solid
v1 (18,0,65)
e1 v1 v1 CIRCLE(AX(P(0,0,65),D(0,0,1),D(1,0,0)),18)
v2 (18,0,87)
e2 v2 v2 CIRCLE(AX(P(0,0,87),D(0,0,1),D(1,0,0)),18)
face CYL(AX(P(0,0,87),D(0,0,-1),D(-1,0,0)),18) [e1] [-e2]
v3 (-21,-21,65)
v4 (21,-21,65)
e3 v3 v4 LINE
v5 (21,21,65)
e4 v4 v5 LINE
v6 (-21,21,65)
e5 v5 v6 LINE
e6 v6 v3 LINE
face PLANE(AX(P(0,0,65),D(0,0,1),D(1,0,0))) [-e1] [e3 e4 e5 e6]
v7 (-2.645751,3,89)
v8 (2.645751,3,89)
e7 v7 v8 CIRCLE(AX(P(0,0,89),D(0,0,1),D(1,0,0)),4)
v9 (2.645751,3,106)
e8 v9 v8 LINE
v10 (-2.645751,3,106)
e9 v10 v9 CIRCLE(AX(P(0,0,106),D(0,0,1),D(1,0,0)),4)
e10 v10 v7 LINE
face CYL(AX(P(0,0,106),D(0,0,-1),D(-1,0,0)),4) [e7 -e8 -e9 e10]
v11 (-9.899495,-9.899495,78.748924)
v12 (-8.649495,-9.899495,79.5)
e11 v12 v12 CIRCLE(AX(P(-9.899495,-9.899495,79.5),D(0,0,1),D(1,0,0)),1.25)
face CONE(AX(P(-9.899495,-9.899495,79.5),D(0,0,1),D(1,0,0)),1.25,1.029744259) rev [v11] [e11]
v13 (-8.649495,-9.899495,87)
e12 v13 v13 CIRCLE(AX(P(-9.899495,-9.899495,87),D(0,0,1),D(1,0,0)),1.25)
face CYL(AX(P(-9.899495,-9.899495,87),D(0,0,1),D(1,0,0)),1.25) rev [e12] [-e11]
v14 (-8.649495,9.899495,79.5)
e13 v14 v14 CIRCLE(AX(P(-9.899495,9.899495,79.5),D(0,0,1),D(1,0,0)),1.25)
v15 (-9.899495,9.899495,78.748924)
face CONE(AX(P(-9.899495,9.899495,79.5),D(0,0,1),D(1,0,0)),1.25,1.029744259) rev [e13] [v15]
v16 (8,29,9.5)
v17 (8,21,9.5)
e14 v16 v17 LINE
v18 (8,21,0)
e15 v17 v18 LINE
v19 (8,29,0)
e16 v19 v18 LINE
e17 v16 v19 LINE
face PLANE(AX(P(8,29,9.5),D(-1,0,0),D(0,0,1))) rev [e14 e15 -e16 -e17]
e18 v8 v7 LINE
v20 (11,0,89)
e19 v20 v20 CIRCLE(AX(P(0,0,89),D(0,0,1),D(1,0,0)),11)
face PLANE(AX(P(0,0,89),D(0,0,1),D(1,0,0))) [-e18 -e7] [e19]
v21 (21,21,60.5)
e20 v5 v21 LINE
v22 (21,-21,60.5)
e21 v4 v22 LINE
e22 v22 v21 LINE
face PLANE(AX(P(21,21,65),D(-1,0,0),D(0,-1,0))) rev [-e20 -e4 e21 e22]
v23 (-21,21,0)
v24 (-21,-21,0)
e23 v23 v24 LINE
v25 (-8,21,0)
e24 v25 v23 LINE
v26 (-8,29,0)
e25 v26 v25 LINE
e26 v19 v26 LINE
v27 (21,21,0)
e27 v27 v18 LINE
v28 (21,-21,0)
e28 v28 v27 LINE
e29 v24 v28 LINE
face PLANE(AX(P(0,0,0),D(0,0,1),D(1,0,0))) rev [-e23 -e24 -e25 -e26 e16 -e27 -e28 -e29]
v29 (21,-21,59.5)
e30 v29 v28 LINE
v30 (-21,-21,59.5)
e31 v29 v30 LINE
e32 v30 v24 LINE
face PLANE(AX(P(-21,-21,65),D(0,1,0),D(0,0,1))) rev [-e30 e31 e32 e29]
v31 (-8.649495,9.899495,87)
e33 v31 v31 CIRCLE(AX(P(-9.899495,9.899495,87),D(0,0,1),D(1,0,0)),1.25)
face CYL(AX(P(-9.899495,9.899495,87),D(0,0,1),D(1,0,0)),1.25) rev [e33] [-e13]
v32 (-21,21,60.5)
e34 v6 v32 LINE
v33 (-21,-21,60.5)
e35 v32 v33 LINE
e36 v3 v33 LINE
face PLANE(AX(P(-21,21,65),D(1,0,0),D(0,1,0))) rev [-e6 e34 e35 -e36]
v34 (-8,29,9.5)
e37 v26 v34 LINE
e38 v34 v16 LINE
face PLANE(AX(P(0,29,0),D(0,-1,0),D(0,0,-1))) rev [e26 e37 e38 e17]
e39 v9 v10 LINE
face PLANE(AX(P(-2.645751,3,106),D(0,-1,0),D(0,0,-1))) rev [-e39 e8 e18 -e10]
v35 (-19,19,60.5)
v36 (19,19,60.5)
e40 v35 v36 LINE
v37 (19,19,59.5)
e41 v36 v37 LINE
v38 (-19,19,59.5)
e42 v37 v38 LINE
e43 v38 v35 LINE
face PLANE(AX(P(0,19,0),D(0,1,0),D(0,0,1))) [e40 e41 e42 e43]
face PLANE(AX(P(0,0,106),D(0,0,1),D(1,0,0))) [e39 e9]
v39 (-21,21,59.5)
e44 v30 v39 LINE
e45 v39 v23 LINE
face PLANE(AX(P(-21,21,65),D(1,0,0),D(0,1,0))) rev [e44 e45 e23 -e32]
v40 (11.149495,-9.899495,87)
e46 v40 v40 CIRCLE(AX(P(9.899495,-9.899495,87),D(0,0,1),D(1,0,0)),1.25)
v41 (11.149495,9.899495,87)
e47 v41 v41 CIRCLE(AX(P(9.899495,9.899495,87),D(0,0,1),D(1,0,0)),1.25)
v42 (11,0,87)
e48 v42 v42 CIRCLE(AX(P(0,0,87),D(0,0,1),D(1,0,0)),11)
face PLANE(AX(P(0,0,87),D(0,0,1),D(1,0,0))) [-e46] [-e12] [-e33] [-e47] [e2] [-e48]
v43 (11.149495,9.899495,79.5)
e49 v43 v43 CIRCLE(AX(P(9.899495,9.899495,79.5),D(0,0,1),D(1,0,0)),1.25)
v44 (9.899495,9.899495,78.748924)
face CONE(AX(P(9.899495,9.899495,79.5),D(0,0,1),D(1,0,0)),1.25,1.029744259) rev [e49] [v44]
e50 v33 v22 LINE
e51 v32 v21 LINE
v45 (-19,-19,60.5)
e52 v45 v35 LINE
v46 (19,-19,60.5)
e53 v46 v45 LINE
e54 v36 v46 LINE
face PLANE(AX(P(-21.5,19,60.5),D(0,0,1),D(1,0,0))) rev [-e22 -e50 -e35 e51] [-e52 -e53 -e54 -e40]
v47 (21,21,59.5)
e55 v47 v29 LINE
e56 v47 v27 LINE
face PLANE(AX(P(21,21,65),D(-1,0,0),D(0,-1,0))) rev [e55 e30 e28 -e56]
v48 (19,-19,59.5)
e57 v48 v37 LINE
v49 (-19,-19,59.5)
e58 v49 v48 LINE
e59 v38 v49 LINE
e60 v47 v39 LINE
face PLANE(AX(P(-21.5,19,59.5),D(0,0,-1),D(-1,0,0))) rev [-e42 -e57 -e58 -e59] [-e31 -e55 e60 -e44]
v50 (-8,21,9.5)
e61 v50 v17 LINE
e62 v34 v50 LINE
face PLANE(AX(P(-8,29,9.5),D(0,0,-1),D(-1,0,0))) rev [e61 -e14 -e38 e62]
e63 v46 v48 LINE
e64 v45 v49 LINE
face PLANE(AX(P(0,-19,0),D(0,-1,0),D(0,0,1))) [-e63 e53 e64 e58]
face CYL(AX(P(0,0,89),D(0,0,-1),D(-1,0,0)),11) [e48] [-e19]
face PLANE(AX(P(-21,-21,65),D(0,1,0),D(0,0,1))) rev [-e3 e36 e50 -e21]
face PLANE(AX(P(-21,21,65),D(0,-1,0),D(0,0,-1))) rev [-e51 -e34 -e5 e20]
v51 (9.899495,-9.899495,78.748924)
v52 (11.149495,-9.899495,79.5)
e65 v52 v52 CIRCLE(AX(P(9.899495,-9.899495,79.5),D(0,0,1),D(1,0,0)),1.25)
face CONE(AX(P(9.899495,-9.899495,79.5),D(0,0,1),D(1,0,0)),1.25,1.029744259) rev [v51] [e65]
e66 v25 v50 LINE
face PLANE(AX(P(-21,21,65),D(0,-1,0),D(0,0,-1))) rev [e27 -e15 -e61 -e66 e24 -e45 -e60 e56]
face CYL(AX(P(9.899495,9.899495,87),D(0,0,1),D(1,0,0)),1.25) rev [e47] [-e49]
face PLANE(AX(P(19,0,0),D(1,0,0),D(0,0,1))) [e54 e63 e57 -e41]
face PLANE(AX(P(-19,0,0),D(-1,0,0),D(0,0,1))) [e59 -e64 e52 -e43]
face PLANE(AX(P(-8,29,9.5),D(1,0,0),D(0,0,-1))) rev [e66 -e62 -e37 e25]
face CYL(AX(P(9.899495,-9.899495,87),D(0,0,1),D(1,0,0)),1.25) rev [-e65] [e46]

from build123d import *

# Parameters (mm, degrees)
SKETCH_1_W               = 42
SKETCH_1_H               = 42
EXTRUDE_1_DEPTH          = 65
SKETCH_2_R               = 18
EXTRUDE_2_DEPTH          = 22
EXTRUDE_3_DEPTH          = 19
SKETCH_4_R               = 11
EXTRUDE_4_DEPTH          = 2
SKETCH_6_W               = 43
SKETCH_6_H               = 1
CUT_EXTRUDE_1_DEPTH      = 2
PATTERN_CIRCULAR_1_COUNT = 4
HOLE_WIZARD_M3_1_D       = 2.5
HOLE_WIZARD_M3_1_DEPTH   = 7.5
HOLE_WIZARD_M3_1_TIP     = 0.751075774
SKETCH_9_W               = 16
SKETCH_9_H               = 9.5
EXTRUDE_5_DEPTH          = 8


with BuildPart() as part:
    # 草图1 → 凸台-拉伸1 (new body)
    with BuildSketch(Plane.XY):
        Rectangle(SKETCH_1_W, SKETCH_1_H)
    extrude(amount=EXTRUDE_1_DEPTH)

    # 草图2 → 凸台-拉伸2 (add)
    with BuildSketch(Plane.XY.offset(65)):
        Circle(SKETCH_2_R)
    extrude(amount=EXTRUDE_2_DEPTH)

    # 草图3 → 凸台-拉伸3 (add)
    with BuildSketch(Plane.XY.offset(87)):
        with BuildLine():
            Line((-2.645751311, 3), (2.645751311, 3))
            ThreePointArc((2.645751311, 3), (0, -4), (-2.645751311, 3))
        make_face()
    extrude(amount=EXTRUDE_3_DEPTH)

    # 草图4 → 凸台-拉伸4 (add)
    with BuildSketch(Plane.XY.offset(87)):
        Circle(SKETCH_4_R)
    extrude(amount=EXTRUDE_4_DEPTH)

    # 草图6 → 切除-拉伸1 (cut)
    with BuildSketch(Plane(origin=(0, 21, 0), x_dir=(1, 0, 0), z_dir=(0, 1, 0))):
        with Locations((0, -60)):
            Rectangle(SKETCH_6_W, SKETCH_6_H)
    cut_extrude_1 = extrude(amount=-CUT_EXTRUDE_1_DEPTH, mode=Mode.SUBTRACT)

    # 阵列(圆周)1: 切除-拉伸1 ×4 about axis
    pattern_circular_1_axis = Axis((0, 0, 0), (0, 0, 1))
    for i in range(1, PATTERN_CIRCULAR_1_COUNT):
        add(cut_extrude_1.rotate(pattern_circular_1_axis, i * 360 / PATTERN_CIRCULAR_1_COUNT), mode=Mode.SUBTRACT)

    # M3 螺纹孔1
    with Locations(Plane(origin=(-9.899494937, 9.899494937, 87), x_dir=(1, 0, 0), z_dir=(0, 0, 1))):
        with Locations((0, 0), (0, -19.798989874), (19.798989874, 0), (19.798989874, -19.798989874)):
            Hole(HOLE_WIZARD_M3_1_D / 2, depth=HOLE_WIZARD_M3_1_DEPTH)
            with Locations((0, 0, -(HOLE_WIZARD_M3_1_DEPTH + HOLE_WIZARD_M3_1_TIP / 2))):  # 118° drill point
                Cone(0, HOLE_WIZARD_M3_1_D / 2, HOLE_WIZARD_M3_1_TIP, mode=Mode.SUBTRACT)

    # 草图9 → 凸台-拉伸5 (add)
    with BuildSketch(Plane(origin=(0, 21, 0), x_dir=(1, 0, 0), z_dir=(0, 1, 0))):
        with Locations((0, -4.75)):
            Rectangle(SKETCH_9_W, SKETCH_9_H)
    extrude(amount=EXTRUDE_5_DEPTH)


solid = part.part
